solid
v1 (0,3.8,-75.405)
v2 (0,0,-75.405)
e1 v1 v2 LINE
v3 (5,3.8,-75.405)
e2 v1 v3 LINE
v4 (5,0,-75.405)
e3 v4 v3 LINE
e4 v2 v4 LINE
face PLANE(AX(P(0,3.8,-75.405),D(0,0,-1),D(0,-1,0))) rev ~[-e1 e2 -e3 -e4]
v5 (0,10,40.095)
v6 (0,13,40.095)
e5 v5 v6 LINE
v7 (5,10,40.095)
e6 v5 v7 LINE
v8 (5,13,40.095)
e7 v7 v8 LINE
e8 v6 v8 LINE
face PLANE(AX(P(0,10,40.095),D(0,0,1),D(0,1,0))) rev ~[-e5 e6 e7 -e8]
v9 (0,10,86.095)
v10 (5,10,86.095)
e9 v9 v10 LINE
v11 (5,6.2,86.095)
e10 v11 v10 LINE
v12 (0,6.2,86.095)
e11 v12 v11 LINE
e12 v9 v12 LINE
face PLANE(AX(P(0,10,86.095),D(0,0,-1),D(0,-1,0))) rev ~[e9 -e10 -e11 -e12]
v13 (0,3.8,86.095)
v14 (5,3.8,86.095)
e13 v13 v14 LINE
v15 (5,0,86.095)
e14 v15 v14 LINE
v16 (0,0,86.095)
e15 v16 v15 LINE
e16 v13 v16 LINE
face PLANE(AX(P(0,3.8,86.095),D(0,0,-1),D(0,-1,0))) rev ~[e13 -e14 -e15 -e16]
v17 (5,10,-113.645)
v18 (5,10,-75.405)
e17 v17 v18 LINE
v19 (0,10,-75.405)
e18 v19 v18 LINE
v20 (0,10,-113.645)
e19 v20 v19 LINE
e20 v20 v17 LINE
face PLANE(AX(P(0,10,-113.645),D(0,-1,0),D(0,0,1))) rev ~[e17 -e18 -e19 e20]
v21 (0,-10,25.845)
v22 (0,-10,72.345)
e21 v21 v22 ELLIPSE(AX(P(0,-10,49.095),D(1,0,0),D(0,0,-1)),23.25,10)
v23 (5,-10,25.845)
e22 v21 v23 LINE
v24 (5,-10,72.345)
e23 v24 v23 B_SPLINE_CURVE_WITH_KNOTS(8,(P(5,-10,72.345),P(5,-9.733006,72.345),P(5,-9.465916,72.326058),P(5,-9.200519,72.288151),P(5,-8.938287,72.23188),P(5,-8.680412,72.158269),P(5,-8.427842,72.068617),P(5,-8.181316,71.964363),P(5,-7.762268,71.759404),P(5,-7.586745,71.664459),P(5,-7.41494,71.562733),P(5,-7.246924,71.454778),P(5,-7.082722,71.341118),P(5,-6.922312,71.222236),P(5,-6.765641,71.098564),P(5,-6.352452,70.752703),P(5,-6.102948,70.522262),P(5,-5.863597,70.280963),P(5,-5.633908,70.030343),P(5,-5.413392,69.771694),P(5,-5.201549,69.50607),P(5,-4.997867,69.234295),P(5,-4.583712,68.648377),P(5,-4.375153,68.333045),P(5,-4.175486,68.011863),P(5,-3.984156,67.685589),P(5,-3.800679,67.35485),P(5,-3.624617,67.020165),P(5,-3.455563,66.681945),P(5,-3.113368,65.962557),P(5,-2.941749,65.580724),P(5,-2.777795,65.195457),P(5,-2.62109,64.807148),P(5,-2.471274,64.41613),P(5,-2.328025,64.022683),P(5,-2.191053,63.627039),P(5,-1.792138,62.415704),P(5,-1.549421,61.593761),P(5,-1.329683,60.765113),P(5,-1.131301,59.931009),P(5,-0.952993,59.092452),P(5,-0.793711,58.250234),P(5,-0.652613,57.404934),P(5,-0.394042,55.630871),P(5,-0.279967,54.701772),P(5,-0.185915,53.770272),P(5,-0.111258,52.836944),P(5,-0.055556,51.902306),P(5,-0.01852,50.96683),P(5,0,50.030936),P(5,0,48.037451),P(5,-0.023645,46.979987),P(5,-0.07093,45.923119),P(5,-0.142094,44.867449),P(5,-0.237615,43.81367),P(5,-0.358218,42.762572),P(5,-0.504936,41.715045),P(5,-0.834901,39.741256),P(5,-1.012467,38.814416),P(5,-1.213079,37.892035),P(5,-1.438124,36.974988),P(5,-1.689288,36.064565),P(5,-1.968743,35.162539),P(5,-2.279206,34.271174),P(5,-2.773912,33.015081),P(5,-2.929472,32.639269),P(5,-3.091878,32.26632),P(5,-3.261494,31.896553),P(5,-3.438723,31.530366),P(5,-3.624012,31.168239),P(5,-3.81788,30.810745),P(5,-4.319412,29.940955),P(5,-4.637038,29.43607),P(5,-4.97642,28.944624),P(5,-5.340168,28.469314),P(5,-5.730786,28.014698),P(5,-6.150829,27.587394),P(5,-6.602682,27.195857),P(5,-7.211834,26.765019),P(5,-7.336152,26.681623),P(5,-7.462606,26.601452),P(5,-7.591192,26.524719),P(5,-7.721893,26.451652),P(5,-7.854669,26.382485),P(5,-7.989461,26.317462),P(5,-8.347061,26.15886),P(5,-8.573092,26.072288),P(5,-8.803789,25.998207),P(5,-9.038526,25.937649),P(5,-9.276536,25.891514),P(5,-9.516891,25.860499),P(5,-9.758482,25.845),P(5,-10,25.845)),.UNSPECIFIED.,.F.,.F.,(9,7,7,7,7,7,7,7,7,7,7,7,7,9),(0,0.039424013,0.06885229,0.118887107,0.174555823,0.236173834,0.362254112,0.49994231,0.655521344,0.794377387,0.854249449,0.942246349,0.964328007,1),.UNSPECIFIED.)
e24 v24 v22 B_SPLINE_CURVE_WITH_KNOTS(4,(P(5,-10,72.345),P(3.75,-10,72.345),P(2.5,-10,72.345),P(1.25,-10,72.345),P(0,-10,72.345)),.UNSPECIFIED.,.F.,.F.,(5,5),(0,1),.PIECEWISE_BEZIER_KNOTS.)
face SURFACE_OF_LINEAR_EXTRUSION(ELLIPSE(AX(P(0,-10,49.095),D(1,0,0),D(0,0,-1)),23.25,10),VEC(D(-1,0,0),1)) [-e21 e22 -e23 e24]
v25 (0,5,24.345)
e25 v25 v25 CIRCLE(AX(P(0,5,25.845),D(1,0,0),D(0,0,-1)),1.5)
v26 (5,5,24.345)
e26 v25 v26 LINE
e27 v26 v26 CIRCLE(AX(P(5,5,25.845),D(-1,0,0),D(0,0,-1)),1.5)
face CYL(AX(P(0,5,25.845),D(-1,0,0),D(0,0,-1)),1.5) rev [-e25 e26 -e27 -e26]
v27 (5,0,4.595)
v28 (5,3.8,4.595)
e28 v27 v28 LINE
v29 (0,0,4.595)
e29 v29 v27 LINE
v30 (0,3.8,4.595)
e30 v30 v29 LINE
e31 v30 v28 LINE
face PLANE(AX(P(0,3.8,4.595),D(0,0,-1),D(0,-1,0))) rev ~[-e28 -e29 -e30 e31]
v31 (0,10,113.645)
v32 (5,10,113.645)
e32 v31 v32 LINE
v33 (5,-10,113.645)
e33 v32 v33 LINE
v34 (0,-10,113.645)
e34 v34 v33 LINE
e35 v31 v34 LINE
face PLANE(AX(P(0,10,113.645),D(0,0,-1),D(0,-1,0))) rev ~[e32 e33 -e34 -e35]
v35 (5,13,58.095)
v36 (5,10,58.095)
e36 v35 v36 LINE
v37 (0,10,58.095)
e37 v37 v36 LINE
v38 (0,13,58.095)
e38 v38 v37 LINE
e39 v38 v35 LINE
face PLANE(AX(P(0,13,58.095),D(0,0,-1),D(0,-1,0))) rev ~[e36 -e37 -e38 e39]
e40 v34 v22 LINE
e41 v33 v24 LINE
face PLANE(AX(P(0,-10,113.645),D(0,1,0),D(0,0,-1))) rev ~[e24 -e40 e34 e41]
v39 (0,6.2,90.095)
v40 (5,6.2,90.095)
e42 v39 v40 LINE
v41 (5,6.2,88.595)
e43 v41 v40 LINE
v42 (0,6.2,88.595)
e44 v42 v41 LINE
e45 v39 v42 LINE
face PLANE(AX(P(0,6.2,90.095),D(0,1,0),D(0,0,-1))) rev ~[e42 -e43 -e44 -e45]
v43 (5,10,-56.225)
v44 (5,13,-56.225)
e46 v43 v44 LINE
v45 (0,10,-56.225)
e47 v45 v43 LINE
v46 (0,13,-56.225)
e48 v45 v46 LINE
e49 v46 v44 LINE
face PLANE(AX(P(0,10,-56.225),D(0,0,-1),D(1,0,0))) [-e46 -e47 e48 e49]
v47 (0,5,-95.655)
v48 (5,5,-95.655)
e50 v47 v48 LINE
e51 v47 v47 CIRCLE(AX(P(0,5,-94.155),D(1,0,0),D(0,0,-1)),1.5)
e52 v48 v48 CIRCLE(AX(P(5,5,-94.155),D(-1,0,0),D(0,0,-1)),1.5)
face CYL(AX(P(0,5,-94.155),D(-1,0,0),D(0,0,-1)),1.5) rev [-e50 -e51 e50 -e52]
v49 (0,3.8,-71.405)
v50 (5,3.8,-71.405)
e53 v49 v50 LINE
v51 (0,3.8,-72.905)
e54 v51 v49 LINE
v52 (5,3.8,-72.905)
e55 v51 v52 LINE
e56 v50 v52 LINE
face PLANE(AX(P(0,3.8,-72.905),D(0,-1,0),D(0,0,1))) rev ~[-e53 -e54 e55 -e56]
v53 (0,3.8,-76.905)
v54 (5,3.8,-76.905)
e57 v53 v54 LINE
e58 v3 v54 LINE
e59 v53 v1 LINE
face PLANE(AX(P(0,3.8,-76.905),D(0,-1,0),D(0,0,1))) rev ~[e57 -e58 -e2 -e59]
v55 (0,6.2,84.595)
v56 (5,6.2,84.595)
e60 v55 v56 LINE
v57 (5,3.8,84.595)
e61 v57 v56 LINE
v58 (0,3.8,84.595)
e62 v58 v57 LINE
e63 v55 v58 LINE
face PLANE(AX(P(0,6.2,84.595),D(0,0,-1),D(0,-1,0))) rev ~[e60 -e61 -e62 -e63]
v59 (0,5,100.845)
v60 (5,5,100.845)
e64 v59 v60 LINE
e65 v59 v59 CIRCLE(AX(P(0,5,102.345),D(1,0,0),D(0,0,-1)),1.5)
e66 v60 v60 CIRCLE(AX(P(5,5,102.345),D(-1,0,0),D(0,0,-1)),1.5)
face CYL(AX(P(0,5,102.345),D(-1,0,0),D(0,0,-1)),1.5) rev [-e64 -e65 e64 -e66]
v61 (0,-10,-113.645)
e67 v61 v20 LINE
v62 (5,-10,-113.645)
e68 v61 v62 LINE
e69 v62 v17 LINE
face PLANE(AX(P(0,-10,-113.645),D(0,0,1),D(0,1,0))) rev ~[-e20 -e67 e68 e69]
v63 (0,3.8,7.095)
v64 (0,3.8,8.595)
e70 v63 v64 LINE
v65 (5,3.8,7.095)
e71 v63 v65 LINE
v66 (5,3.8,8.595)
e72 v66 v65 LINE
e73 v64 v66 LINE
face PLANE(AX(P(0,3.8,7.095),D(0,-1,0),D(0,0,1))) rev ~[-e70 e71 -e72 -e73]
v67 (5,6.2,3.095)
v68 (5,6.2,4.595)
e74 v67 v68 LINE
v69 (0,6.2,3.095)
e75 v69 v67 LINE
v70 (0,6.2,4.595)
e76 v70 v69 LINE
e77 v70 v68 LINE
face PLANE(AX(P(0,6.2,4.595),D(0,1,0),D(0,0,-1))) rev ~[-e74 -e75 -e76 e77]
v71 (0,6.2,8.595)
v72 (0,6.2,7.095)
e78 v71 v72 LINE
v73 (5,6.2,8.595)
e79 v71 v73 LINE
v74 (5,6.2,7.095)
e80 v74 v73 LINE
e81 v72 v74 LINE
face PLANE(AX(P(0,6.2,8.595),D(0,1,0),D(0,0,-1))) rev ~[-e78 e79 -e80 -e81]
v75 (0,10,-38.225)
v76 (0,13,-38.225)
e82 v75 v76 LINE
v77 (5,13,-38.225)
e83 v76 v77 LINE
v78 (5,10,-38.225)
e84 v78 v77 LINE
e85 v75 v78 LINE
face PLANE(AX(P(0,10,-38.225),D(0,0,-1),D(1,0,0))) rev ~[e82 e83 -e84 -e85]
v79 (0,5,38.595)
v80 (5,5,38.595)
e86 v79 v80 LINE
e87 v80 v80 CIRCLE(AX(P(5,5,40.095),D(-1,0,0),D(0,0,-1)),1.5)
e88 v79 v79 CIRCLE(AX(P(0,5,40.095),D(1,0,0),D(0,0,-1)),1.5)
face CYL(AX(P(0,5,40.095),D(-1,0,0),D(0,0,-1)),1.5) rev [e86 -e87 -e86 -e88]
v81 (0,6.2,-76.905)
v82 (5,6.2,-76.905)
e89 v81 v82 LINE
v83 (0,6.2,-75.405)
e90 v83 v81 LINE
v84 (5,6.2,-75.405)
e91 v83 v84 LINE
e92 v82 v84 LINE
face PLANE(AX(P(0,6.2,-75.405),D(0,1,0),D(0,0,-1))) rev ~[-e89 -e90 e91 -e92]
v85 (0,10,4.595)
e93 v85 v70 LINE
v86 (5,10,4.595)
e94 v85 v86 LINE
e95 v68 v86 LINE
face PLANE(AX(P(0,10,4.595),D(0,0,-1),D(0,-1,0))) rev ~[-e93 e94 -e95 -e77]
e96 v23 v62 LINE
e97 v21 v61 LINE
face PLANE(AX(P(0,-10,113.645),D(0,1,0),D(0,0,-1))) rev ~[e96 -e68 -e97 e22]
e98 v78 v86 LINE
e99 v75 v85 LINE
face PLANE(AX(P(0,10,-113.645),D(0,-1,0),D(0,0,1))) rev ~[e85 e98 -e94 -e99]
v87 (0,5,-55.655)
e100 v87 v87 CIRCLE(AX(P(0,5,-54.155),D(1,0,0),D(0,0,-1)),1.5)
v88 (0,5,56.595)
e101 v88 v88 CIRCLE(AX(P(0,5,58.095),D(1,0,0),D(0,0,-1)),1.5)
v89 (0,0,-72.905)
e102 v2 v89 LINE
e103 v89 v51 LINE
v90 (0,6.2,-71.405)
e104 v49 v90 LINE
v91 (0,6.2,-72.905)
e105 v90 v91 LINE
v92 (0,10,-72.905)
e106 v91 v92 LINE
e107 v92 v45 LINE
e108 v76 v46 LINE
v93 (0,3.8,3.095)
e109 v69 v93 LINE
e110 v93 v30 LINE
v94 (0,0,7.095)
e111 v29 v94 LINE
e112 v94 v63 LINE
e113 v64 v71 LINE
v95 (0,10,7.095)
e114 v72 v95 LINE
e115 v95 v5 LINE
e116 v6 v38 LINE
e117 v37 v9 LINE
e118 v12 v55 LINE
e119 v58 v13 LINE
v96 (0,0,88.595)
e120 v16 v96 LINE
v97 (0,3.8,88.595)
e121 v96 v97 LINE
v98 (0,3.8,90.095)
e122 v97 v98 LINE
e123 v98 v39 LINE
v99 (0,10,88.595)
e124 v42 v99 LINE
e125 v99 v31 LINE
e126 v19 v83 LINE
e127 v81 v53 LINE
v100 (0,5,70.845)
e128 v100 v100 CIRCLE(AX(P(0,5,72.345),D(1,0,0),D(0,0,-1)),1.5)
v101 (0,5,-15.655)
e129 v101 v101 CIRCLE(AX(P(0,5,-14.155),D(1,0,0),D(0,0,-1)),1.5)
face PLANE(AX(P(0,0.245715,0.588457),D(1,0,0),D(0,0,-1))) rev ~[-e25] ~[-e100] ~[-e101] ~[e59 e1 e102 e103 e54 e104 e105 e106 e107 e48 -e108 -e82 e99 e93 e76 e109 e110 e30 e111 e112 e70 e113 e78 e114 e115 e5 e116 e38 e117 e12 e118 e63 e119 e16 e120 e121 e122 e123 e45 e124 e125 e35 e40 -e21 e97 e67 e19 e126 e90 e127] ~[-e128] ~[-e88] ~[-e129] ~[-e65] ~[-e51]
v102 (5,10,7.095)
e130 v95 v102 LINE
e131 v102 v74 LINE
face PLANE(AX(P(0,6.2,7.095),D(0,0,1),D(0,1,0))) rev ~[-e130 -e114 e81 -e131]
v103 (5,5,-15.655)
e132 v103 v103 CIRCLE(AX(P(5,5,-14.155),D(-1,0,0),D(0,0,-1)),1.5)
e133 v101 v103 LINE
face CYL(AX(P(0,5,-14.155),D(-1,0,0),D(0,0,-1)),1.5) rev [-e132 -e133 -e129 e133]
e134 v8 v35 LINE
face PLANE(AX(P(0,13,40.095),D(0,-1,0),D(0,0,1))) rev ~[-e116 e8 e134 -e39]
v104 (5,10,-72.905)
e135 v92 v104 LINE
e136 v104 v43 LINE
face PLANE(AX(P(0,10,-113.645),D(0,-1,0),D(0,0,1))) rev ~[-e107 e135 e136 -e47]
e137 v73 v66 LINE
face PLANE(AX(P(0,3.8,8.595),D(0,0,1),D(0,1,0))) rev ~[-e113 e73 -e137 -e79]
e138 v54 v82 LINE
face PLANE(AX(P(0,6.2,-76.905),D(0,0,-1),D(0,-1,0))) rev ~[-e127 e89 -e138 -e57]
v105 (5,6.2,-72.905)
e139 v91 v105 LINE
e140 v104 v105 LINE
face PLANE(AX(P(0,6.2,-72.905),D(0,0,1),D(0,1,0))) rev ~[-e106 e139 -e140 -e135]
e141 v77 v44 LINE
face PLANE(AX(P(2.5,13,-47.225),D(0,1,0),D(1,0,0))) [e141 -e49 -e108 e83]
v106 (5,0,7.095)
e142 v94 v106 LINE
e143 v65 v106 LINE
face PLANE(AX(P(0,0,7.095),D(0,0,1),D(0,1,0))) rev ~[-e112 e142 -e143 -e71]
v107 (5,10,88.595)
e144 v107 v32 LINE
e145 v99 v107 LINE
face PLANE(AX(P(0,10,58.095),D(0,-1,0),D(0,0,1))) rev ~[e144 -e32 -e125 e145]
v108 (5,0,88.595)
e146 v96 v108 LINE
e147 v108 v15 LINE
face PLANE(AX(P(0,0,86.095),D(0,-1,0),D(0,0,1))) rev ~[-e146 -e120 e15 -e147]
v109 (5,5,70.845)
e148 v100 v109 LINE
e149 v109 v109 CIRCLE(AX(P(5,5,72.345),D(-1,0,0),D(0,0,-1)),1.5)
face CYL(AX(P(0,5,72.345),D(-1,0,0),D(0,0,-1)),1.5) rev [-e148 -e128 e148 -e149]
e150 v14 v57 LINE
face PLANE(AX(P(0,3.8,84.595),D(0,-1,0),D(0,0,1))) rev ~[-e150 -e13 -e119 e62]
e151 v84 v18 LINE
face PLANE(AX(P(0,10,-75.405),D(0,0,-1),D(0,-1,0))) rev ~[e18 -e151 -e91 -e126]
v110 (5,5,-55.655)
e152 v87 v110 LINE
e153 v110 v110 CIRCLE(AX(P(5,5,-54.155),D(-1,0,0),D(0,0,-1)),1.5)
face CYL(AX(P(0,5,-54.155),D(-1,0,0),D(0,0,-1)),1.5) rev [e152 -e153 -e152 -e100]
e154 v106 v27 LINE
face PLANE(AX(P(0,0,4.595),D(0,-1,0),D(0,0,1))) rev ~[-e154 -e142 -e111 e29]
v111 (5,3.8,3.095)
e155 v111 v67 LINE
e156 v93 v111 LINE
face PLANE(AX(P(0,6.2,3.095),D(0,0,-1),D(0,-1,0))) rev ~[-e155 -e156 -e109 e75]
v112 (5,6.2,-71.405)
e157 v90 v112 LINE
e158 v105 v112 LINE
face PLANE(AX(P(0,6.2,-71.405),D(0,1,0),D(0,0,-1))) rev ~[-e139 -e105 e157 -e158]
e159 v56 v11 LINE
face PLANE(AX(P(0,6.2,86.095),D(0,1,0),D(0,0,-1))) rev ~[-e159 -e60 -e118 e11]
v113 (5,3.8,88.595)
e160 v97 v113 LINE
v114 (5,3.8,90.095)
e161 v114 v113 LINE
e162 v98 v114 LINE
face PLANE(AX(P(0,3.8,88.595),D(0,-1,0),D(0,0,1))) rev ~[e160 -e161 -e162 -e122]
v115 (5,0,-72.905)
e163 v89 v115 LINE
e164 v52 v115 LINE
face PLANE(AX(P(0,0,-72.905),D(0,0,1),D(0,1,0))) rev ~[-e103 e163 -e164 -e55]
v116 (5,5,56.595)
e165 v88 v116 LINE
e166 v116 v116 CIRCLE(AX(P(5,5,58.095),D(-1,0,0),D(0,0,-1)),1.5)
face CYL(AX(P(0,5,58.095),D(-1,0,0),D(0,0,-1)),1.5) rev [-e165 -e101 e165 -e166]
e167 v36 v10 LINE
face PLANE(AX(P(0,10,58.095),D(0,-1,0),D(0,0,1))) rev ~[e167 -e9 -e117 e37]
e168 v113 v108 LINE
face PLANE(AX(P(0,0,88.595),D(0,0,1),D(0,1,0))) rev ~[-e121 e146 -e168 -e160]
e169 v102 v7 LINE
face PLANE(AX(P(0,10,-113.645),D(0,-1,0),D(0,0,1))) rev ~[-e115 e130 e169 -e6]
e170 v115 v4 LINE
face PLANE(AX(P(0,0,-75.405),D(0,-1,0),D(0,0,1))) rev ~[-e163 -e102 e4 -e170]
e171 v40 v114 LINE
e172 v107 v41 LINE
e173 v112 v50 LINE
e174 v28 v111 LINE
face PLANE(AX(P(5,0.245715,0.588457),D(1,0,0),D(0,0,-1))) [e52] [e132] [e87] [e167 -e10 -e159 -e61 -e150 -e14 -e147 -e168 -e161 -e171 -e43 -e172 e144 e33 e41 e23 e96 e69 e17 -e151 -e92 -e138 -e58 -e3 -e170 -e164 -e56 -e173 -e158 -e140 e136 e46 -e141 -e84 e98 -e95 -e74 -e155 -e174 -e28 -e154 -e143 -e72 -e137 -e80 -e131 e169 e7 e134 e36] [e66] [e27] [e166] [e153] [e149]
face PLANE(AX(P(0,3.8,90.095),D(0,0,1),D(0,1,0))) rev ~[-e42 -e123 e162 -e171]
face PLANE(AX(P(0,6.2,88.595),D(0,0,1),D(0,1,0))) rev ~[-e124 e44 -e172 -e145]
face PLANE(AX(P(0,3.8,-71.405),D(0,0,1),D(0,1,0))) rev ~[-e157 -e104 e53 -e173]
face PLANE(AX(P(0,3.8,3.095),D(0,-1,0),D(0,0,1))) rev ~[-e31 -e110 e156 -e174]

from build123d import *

# Parameters (mm, degrees)
ESTRUSIONE_ESTRUSIONE1_DEPTH = 5
SCHIZZO3_R                   = 1.5
SCHIZZO3_RX                  = 23.25
SCHIZZO3_RY                  = 10
TAGLIO_ESTRUSIONE1_DEPTH     = 6
TAGLIO_ESTRUSIONE2_DEPTH     = 6.0000001
SCHIZZO6_W                   = 5
SCHIZZO6_H                   = 18
ESTRUSIONE_ESTRUSIONE2_DEPTH = 3


with BuildPart() as part:
    # Schizzo1 → Estrusione-Estrusione1 (new body)
    with BuildSketch(Plane(origin=(0, 0, 0), x_dir=(0, 0, -1), z_dir=(1, 0, 0))):
        Polygon((-113.645, -10), (113.645, -10), (113.645, 10), (-40.095, 10), (-40.095, 13), (-58.095, 13), (-58.095, 10), (-113.645, 10), align=None)
    extrude(amount=ESTRUSIONE_ESTRUSIONE1_DEPTH)

    # Schizzo3 → Taglio-Estrusione1 (cut, through all)
    with BuildSketch(Plane(origin=(0, 0, 0), x_dir=(0, 0, -1), z_dir=(1, 0, 0))):
        with Locations((-58.095, 5)):
            Circle(SCHIZZO3_R)
        with Locations((-72.345, 5)):
            Circle(SCHIZZO3_R)
        with Locations((-40.095, 5)):
            Circle(SCHIZZO3_R)
        with Locations((-25.845, 5)):
            Circle(SCHIZZO3_R)
        with Locations((14.155, 5)):
            Circle(SCHIZZO3_R)
        with Locations((54.155, 5)):
            Circle(SCHIZZO3_R)
        with Locations((94.155, 5)):
            Circle(SCHIZZO3_R)
        with Locations((-102.345, 5)):
            Circle(SCHIZZO3_R)
        with Locations(Location((-49.095, -10), (0, 0, 0))):
            Ellipse(SCHIZZO3_RX, SCHIZZO3_RY)
    extrude(amount=TAGLIO_ESTRUSIONE1_DEPTH, mode=Mode.SUBTRACT)

    # Schizzo5 → Taglio-Estrusione2 (cut, through all)
    with BuildSketch(Plane(origin=(0, 0, 0), x_dir=(0, 0, -1), z_dir=(1, 0, 0))):
        Polygon((-88.595, 0), (-88.595, 3.8), (-90.095, 3.8), (-90.095, 6.2), (-88.595, 6.2), (-88.595, 10), (-86.095, 10), (-86.095, 6.2), (-84.595, 6.2), (-84.595, 3.8), (-86.095, 3.8), (-86.095, 0), align=None)
        Polygon((-7.095, 0), (-7.095, 3.8), (-8.595, 3.8), (-8.595, 6.2), (-7.095, 6.2), (-7.095, 10), (-4.595, 10), (-4.595, 6.2), (-3.095, 6.2), (-3.095, 3.8), (-4.595, 3.8), (-4.595, 0), align=None)
        Polygon((72.905, 0), (72.905, 3.8), (71.405, 3.8), (71.405, 6.2), (72.905, 6.2), (72.905, 10), (75.405, 10), (75.405, 6.2), (76.905, 6.2), (76.905, 3.8), (75.405, 3.8), (75.405, 0), align=None)
    extrude(amount=TAGLIO_ESTRUSIONE2_DEPTH, mode=Mode.SUBTRACT)

    # Schizzo6 → Estrusione-Estrusione2 (add)
    with BuildSketch(Plane(origin=(0, 10, 0), x_dir=(1, 0, 0), z_dir=(0, 1, 0))):
        with Locations((2.5, 47.225)):
            Rectangle(SCHIZZO6_W, SCHIZZO6_H)
    extrude(amount=ESTRUSIONE_ESTRUSIONE2_DEPTH)


solid = part.part
